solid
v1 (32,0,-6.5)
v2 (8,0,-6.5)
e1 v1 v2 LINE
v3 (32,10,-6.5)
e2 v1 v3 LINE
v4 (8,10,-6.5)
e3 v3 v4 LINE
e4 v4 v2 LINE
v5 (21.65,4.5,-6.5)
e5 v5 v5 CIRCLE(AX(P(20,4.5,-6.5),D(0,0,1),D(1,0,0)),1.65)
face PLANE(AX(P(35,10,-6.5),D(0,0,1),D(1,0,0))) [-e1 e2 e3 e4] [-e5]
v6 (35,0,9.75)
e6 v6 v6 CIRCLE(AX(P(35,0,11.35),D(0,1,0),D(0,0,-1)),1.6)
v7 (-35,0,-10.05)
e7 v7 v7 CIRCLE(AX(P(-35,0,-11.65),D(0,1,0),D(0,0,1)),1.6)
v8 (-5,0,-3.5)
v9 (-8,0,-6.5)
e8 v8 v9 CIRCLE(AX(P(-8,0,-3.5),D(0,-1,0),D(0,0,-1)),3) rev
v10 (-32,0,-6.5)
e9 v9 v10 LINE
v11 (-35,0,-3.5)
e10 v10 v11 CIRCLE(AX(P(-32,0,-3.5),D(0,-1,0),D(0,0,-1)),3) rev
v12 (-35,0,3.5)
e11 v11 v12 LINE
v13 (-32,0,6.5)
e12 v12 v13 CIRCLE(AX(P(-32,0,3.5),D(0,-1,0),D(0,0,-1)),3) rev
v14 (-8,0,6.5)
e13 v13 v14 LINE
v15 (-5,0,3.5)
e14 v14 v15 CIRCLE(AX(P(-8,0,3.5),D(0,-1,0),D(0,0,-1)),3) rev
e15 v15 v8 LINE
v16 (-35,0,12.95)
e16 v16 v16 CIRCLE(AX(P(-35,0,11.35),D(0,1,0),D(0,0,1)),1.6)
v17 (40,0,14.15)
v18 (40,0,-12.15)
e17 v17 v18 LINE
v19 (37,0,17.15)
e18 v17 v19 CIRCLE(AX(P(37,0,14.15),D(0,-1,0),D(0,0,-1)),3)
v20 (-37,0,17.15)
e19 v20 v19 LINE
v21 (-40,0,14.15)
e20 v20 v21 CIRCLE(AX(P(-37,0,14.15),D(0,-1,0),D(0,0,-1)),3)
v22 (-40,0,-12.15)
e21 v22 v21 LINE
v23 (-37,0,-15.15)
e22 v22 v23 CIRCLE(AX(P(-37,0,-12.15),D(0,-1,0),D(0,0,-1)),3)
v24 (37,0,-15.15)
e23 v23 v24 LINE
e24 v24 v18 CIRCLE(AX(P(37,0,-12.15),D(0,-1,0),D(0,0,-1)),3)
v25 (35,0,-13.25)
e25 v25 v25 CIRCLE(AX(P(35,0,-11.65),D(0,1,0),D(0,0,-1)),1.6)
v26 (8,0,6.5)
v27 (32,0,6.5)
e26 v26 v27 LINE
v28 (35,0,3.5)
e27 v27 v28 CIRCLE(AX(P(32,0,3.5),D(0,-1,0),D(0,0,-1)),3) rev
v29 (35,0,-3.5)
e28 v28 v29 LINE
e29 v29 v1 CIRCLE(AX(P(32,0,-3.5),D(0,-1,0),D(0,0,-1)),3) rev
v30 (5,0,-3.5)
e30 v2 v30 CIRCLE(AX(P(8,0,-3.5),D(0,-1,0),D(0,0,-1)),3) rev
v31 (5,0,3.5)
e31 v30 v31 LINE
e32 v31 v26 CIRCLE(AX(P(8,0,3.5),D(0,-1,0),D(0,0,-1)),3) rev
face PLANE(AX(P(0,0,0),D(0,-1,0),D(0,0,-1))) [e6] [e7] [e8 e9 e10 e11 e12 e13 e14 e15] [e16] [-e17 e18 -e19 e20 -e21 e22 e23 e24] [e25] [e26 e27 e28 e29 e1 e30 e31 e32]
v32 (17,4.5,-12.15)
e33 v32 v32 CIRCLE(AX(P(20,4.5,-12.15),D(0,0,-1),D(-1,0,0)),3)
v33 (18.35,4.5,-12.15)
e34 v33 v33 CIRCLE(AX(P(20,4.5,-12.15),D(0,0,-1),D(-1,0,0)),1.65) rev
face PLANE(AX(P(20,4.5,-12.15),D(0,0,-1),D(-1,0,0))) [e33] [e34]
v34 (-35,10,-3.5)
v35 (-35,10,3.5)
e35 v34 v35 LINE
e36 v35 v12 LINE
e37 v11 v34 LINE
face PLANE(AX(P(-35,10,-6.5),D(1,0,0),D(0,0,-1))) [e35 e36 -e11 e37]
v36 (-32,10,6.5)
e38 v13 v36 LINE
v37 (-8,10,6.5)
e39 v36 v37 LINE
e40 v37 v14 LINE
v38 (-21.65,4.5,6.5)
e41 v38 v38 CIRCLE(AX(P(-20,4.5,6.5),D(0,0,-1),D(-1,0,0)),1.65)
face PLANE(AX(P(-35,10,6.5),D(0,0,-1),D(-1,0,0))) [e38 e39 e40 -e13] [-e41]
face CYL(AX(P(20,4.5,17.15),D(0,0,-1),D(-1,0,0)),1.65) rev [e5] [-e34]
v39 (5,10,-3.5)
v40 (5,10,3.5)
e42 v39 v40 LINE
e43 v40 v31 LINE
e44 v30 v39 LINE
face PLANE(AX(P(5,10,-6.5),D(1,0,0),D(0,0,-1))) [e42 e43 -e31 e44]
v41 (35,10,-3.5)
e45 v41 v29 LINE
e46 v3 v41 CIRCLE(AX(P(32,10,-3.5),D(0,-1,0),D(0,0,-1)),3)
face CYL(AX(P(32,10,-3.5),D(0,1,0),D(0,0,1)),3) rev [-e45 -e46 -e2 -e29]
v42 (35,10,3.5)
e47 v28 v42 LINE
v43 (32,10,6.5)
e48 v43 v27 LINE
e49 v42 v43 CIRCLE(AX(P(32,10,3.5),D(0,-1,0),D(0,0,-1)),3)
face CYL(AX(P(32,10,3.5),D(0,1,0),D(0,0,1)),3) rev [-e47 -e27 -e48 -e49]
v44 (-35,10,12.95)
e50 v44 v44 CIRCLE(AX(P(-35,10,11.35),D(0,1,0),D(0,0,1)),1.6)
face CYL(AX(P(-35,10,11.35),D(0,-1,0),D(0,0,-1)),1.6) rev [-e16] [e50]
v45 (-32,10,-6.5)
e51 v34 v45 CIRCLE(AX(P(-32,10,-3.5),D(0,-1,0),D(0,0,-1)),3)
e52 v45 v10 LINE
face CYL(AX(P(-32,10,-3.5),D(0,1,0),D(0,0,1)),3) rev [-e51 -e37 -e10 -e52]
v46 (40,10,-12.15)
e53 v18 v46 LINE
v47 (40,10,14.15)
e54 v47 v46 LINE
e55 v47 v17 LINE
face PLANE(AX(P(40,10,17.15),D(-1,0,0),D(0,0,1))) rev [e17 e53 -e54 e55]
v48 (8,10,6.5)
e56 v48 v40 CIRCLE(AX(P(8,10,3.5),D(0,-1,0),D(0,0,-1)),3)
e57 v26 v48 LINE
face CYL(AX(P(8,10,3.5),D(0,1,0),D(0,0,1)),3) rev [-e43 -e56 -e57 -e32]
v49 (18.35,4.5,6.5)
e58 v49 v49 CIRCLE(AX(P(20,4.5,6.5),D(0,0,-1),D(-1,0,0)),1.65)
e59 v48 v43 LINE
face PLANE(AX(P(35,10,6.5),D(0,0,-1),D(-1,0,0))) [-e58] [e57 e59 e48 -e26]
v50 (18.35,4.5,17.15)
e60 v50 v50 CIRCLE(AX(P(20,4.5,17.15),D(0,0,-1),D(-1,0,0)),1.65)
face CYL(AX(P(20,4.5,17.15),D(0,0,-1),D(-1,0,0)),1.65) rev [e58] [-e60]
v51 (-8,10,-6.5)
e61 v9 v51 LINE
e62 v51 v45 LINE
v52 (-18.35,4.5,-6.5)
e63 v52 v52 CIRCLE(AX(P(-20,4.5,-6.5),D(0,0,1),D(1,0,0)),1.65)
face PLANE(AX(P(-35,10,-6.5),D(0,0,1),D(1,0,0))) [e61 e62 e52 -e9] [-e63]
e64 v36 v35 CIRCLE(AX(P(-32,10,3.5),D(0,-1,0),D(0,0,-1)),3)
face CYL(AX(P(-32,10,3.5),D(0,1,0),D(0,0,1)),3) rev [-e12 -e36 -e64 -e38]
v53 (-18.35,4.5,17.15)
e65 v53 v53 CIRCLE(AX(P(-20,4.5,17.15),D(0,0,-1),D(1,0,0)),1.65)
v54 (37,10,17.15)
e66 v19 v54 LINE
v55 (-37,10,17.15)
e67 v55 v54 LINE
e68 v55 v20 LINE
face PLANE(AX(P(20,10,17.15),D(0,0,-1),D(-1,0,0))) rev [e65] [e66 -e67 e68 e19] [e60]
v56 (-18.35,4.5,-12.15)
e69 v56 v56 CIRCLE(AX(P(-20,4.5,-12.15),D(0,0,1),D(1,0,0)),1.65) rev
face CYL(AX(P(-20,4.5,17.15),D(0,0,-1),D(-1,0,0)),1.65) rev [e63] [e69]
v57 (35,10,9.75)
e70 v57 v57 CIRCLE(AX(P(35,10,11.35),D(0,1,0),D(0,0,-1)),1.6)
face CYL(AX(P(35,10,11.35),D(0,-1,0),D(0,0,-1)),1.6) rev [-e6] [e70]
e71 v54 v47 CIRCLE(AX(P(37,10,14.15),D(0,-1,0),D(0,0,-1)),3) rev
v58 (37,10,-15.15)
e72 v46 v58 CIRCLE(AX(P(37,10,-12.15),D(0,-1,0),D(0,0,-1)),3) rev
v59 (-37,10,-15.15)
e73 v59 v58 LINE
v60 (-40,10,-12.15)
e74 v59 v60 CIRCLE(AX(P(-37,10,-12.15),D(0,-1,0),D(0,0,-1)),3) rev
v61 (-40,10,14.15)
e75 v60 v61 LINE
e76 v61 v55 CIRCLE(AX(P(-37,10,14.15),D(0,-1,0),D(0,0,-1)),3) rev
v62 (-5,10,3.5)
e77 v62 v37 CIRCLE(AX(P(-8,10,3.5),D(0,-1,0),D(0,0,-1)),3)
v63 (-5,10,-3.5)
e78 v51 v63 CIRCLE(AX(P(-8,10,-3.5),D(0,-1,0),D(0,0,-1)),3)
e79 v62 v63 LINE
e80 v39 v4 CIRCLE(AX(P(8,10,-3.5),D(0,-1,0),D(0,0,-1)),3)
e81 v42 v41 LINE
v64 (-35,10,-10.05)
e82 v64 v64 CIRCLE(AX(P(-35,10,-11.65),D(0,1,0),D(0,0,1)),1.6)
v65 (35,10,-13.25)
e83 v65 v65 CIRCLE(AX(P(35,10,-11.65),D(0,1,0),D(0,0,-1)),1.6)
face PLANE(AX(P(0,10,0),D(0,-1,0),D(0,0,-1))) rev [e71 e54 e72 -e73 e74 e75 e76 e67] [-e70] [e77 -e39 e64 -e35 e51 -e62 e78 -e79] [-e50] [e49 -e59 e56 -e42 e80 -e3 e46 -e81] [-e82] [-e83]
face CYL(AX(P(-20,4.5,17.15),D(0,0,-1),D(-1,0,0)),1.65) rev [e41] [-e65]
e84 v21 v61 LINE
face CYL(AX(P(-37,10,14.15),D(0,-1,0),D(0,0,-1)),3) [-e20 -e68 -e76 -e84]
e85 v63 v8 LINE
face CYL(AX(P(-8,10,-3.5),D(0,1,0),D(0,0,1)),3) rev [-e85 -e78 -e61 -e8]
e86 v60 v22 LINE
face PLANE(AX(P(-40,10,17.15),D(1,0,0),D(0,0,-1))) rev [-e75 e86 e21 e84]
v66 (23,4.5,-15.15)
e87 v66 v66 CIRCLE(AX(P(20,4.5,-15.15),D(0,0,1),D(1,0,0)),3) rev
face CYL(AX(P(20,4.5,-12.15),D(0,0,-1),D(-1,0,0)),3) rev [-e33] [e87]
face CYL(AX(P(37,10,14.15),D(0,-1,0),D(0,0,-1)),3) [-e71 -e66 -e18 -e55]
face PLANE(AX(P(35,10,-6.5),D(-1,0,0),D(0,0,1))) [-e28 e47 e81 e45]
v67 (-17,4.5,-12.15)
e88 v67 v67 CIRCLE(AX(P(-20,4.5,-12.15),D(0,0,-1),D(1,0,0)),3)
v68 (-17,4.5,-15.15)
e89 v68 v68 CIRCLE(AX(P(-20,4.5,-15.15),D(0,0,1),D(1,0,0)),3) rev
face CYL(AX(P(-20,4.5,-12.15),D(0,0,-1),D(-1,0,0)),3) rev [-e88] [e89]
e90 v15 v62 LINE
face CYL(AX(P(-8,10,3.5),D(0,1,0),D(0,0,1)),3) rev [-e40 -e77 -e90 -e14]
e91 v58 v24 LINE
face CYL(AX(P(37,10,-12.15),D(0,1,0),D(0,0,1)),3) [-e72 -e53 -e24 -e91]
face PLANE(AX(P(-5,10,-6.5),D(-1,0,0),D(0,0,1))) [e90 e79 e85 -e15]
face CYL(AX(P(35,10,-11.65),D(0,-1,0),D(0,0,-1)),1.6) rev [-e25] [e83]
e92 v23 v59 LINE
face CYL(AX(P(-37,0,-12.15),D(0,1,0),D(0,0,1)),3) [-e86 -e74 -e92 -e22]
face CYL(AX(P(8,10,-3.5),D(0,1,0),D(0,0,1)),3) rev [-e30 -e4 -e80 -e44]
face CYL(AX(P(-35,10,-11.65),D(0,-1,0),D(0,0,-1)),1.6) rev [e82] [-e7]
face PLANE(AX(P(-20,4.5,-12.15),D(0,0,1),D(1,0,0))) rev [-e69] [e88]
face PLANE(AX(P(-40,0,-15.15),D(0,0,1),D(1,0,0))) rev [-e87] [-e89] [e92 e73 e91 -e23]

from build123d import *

# Parameters (mm, degrees)
SKETCH_1_R          = 1.6
SKETCH_1_W          = 30
SKETCH_1_H          = 13
EXTRUDE_1_DEPTH     = 10
SKETCH_2_R          = 1.65
CUT_EXTRUDE_1_DEPTH = 54.632918996
SKETCH_4_R          = 3
CUT_EXTRUDE_3_DEPTH = 5
SKETCH_6_W          = 80
SKETCH_6_H          = 2
CUT_EXTRUDE_5_DEPTH = 45.655598753
FILLET_1_R          = 3


with BuildPart() as part:
    # 草图1 → 凸台-拉伸1 (new body)
    with BuildSketch(Plane(origin=(0, 0, 0), x_dir=(1, 0, 0), z_dir=(0, 1, 0))):
        Polygon((-40, -17.15), (-40, 17.15), (40, 17.15), (40, -17.15), (20, -17.15), (-20, -17.15), align=None)
        with Locations(Location((-35, 11.65, 0), (0, 0, 270))):
            Circle(SKETCH_1_R, mode=Mode.SUBTRACT)
        with Locations(Location((-35, -11.35, 0), (0, 0, 270))):
            Circle(SKETCH_1_R, mode=Mode.SUBTRACT)
        with Locations(Location((35, -11.35, 0), (0, 0, 90))):
            Circle(SKETCH_1_R, mode=Mode.SUBTRACT)
        with Locations(Location((35, 11.65, 0), (0, 0, 90))):
            Circle(SKETCH_1_R, mode=Mode.SUBTRACT)
        with Locations((-20, 0)):
            Rectangle(SKETCH_1_W, SKETCH_1_H, mode=Mode.SUBTRACT)
        with Locations((20, 0)):
            Rectangle(SKETCH_1_W, SKETCH_1_H, mode=Mode.SUBTRACT)
    extrude(amount=EXTRUDE_1_DEPTH)

    # 草图2 → 切除-拉伸1 (cut, through all)
    with BuildSketch(Plane(origin=(0, 0, -17.15), x_dir=(-1, 0, 0), z_dir=(0, 0, -1))):
        with Locations((-20, 4.5)):
            Circle(SKETCH_2_R)
        with Locations(Location((20, 4.5, 0), (0, 0, 180))):
            Circle(SKETCH_2_R)
    extrude(amount=-CUT_EXTRUDE_1_DEPTH, mode=Mode.SUBTRACT)

    # 草图4 → 切除-拉伸3 (cut)
    with BuildSketch(Plane(origin=(0, 0, -17.15), x_dir=(-1, 0, 0), z_dir=(0, 0, -1))):
        with Locations((-20, 4.5)):
            Circle(SKETCH_4_R)
        with Locations(Location((20, 4.5, 0), (0, 0, 180))):
            Circle(SKETCH_4_R)
    extrude(amount=-CUT_EXTRUDE_3_DEPTH, mode=Mode.SUBTRACT)

    # 草图6 → 切除-拉伸5 (cut, through all)
    with BuildSketch(Plane(origin=(0, 10, 0), x_dir=(1, 0, 0), z_dir=(0, 1, 0))):
        with Locations((0, 16.15)):
            Rectangle(SKETCH_6_W, SKETCH_6_H)
    extrude(amount=-CUT_EXTRUDE_5_DEPTH, mode=Mode.SUBTRACT)

    # 圆角1
    fillet_1_edges = [part.edges().sort_by_distance(p)[0] for p in [
        (40, 5, -15.15),
        (-40, 5, -15.15),
        (40, 5, 17.15),
        (-40, 5, 17.15),
        (-35, 5, -6.5),
        (-35, 5, 6.5),
        (-5, 5, 6.5),
        (-5, 5, -6.5),
        (35, 5, -6.5),
        (5, 5, -6.5),
        (5, 5, 6.5),
        (35, 5, 6.5),
    ]]
    fillet(fillet_1_edges, radius=FILLET_1_R)


solid = part.part
